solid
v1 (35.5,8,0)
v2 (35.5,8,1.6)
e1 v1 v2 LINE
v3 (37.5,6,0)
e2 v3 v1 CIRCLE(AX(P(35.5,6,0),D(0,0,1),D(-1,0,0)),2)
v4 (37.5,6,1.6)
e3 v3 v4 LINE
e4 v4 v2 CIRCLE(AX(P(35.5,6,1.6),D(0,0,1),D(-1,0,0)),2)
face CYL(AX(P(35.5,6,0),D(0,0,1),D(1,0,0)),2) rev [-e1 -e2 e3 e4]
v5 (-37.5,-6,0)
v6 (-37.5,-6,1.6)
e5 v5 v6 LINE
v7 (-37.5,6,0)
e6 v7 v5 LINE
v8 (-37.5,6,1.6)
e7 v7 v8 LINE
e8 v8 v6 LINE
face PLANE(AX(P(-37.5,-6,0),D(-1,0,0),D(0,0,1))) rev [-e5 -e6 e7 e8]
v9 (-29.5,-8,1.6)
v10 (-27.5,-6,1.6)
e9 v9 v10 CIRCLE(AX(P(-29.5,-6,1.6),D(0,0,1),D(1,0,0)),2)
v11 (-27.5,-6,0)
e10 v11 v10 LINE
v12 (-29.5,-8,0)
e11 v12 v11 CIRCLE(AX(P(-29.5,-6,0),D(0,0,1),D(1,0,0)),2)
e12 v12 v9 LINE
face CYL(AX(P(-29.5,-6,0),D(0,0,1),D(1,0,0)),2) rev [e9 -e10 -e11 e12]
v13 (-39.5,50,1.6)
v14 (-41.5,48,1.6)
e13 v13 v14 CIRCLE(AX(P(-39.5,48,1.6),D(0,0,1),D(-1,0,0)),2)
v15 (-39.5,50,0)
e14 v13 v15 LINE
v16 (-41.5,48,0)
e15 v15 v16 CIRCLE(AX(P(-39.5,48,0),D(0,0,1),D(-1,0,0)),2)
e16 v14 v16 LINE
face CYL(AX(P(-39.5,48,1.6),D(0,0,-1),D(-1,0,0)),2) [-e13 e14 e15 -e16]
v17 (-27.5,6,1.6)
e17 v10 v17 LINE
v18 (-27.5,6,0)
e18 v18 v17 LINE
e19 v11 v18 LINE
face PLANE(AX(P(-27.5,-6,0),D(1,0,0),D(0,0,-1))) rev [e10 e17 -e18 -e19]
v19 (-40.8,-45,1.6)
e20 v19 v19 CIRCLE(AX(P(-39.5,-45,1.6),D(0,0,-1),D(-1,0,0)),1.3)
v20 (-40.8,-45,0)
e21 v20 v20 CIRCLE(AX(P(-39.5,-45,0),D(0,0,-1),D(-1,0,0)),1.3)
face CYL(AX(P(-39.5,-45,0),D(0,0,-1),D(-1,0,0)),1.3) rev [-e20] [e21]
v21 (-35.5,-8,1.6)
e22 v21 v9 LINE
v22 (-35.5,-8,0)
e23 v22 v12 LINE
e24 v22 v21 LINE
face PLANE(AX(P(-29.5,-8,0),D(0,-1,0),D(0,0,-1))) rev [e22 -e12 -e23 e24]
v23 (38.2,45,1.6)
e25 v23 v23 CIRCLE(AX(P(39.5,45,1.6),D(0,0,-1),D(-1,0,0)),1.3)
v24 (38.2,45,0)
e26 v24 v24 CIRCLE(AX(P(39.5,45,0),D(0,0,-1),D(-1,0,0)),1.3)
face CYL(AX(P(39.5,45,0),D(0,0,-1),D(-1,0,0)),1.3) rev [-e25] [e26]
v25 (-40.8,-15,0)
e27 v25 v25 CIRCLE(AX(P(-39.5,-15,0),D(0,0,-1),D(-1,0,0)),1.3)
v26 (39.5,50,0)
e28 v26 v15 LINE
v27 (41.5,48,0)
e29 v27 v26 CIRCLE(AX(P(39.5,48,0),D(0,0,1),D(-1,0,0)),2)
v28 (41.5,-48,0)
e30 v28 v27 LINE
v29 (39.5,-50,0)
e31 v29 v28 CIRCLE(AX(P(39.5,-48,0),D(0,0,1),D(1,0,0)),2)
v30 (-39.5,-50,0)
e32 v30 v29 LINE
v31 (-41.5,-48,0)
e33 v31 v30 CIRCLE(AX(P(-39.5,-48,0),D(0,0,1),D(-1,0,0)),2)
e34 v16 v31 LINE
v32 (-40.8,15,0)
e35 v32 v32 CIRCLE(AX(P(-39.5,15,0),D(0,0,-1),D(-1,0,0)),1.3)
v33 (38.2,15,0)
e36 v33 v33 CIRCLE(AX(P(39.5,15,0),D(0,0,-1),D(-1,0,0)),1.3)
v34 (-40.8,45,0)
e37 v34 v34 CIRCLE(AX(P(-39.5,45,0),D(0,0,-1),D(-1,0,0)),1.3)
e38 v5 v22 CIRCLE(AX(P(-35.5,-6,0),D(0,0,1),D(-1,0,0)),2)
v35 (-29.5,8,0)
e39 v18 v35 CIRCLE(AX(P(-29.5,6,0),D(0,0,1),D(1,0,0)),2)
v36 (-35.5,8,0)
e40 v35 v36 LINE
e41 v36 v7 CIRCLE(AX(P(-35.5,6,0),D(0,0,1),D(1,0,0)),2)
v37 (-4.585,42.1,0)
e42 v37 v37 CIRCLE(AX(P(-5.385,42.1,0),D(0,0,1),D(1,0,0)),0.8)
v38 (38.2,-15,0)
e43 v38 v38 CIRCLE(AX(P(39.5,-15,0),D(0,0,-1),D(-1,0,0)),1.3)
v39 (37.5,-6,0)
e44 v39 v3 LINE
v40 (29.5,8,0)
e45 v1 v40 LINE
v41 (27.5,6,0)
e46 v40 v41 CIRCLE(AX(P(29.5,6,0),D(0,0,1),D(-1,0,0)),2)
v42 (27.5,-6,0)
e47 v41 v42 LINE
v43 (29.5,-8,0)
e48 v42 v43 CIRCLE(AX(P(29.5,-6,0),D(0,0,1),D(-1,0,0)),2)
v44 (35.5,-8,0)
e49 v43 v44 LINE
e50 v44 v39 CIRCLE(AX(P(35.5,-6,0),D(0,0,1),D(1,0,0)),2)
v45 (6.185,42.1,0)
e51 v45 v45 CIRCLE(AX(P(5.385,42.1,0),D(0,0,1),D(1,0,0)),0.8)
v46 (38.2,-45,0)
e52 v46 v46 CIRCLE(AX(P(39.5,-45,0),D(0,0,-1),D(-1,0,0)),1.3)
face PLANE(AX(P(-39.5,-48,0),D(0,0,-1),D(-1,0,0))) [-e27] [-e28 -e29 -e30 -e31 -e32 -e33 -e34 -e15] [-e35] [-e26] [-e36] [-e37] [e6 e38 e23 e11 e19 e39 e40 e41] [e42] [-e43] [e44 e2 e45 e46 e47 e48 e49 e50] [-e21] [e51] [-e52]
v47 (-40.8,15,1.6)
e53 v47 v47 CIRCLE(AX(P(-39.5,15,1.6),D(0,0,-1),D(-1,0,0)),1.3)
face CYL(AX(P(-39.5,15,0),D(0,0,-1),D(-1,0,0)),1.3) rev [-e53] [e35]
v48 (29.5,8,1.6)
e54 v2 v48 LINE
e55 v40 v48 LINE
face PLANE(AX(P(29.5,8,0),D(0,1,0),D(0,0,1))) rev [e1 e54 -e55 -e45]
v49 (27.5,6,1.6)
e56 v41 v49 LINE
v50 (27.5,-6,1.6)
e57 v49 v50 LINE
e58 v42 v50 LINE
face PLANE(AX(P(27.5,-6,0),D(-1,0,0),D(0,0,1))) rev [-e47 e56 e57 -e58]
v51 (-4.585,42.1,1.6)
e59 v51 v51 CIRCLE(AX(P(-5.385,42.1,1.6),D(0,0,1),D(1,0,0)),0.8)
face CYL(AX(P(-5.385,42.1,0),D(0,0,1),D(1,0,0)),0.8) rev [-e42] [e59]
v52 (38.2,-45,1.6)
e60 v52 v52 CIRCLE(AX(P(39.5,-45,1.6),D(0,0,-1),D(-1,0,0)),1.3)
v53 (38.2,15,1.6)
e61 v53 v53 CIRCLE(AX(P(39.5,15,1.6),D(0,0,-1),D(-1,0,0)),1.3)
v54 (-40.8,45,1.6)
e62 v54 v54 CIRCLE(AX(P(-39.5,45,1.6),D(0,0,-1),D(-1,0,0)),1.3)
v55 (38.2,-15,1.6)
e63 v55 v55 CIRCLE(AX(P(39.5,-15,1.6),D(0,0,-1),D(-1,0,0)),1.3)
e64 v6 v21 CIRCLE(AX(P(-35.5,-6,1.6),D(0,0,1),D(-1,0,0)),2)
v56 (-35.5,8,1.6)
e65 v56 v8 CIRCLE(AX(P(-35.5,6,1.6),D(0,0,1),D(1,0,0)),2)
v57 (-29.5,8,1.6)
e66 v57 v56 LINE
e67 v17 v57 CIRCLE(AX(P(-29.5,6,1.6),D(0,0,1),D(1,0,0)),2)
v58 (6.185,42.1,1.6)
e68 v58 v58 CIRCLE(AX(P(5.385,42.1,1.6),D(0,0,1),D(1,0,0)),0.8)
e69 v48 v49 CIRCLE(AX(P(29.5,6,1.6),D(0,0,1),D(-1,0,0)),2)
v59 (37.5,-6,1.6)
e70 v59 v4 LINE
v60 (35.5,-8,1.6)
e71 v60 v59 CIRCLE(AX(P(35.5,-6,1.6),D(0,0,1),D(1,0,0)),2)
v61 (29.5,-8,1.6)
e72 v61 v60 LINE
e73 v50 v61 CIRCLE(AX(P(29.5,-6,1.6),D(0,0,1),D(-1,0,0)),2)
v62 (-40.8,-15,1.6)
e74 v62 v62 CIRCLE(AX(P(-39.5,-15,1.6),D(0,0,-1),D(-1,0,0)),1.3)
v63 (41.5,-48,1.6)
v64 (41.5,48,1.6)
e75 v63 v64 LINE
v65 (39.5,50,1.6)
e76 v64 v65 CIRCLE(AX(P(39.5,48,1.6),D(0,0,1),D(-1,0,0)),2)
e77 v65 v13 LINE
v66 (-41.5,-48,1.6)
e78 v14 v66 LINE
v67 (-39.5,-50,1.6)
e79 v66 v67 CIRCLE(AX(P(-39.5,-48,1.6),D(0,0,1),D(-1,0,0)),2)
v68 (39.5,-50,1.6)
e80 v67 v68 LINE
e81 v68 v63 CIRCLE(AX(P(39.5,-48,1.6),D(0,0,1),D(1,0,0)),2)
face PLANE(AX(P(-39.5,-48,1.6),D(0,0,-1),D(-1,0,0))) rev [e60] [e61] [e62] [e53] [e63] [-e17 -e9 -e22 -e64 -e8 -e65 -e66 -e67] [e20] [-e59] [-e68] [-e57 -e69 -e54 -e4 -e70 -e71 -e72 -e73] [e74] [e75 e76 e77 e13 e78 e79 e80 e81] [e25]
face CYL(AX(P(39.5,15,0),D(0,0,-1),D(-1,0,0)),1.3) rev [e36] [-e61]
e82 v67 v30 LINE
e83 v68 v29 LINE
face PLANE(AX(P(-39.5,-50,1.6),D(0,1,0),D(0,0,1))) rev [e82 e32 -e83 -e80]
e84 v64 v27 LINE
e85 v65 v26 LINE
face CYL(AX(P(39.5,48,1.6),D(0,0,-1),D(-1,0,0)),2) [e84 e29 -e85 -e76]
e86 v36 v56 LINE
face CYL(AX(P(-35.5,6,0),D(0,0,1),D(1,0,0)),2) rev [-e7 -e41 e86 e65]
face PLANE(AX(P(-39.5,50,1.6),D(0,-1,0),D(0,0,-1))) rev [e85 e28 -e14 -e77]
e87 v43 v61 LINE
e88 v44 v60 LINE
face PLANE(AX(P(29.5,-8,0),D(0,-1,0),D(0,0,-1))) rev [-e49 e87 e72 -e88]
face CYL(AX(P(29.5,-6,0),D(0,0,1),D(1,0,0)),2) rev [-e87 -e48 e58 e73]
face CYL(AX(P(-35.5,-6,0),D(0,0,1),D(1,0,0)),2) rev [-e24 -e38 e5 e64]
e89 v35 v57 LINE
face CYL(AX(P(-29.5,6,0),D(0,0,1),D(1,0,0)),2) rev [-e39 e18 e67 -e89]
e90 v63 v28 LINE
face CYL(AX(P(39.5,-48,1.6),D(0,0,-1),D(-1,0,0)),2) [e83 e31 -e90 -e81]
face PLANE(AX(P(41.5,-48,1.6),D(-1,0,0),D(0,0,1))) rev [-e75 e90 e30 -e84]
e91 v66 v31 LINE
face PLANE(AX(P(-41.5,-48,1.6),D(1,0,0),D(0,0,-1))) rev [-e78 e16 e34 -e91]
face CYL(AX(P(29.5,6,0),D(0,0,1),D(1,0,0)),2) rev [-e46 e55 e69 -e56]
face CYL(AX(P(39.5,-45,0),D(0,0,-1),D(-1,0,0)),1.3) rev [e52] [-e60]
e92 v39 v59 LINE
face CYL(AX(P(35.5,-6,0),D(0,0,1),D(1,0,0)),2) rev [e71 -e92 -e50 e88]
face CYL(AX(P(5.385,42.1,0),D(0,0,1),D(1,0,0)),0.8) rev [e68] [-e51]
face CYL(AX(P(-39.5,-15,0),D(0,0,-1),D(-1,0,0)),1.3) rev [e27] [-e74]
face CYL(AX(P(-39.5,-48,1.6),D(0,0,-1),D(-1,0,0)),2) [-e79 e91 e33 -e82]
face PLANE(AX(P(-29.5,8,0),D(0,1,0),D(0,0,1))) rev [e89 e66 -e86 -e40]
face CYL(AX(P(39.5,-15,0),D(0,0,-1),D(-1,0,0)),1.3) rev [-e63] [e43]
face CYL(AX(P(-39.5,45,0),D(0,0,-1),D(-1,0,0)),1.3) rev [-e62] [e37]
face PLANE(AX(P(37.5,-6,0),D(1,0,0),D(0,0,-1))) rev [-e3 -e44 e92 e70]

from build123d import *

# Parameters (mm, degrees)
BOARDOUTLINE_DEPTH   = 1.6
SKETCH2_R            = 0.8
COMPONENTHOLES_DEPTH = 2.6
WINDOWS_1SIDE_DEPTH  = 2.6
M2_CLEARANCE_HOLE1_D = 2.6


with BuildPart() as part:
    # Sketch1 → boardOutline (new body)
    with BuildSketch(Plane.XY):
        with BuildLine():
            Line((-39.5, -50), (39.5, -50))
            ThreePointArc((39.5, -50), (40.914213562, -49.414213562), (41.5, -48))
            Line((41.5, -48), (41.5, 48))
            ThreePointArc((41.5, 48), (40.914213562, 49.414213562), (39.5, 50))
            Line((39.5, 50), (-39.5, 50))
            ThreePointArc((-39.5, 50), (-40.914213562, 49.414213562), (-41.5, 48))
            Line((-41.5, 48), (-41.5, -48))
            ThreePointArc((-41.5, -48), (-40.914213562, -49.414213562), (-39.5, -50))
        make_face()
    extrude(amount=BOARDOUTLINE_DEPTH)

    # Sketch2 → componentHoles (cut, through all)
    with BuildSketch(Plane.XY.offset(1.6)):
        with Locations((-5.385, 42.1)):
            Circle(SKETCH2_R)
        with Locations((5.385, 42.1)):
            Circle(SKETCH2_R)
    extrude(amount=-COMPONENTHOLES_DEPTH, mode=Mode.SUBTRACT)

    # Sketch3 → windows_1side (cut, through all)
    with BuildSketch(Plane.XY.offset(1.6)):
        with BuildLine():
            Line((37.5, -6), (37.5, 6))
            ThreePointArc((37.5, 6), (36.914213562, 7.414213562), (35.5, 8))
            Line((35.5, 8), (29.5, 8))
            ThreePointArc((29.5, 8), (28.085786438, 7.414213562), (27.5, 6))
            Line((27.5, 6), (27.5, -6))
            ThreePointArc((27.5, -6), (28.085786438, -7.414213562), (29.5, -8))
            Line((29.5, -8), (35.5, -8))
            ThreePointArc((35.5, -8), (36.914213562, -7.414213562), (37.5, -6))
        make_face()
        with BuildLine():
            Line((-29.5, -8), (-35.5, -8))
            ThreePointArc((-35.5, -8), (-36.914213562, -7.414213562), (-37.5, -6))
            Line((-37.5, -6), (-37.5, 6))
            ThreePointArc((-37.5, 6), (-36.914213562, 7.414213562), (-35.5, 8))
            Line((-35.5, 8), (-29.5, 8))
            ThreePointArc((-29.5, 8), (-28.085786438, 7.414213562), (-27.5, 6))
            Line((-27.5, 6), (-27.5, -6))
            ThreePointArc((-27.5, -6), (-28.085786438, -7.414213562), (-29.5, -8))
        make_face()
    extrude(amount=-WINDOWS_1SIDE_DEPTH, mode=Mode.SUBTRACT)

    # M2 Clearance Hole1 (through all)
    with Locations(Plane(origin=(0, 0, 0), x_dir=(-1, 0, 0), z_dir=(0, 0, -1))):
        with Locations((39.5, 45), (39.5, -15), (39.5, -45), (39.5, 15)):
            m2_clearance_hole1 = Hole(M2_CLEARANCE_HOLE1_D / 2)

    # Mirror1: M2 Clearance Hole1 across plane
    add(m2_clearance_hole1.mirror(Plane(origin=(0, 0, 0), x_dir=(0, 0, 1), z_dir=(1, 0, 0))), mode=Mode.SUBTRACT)


solid = part.part
